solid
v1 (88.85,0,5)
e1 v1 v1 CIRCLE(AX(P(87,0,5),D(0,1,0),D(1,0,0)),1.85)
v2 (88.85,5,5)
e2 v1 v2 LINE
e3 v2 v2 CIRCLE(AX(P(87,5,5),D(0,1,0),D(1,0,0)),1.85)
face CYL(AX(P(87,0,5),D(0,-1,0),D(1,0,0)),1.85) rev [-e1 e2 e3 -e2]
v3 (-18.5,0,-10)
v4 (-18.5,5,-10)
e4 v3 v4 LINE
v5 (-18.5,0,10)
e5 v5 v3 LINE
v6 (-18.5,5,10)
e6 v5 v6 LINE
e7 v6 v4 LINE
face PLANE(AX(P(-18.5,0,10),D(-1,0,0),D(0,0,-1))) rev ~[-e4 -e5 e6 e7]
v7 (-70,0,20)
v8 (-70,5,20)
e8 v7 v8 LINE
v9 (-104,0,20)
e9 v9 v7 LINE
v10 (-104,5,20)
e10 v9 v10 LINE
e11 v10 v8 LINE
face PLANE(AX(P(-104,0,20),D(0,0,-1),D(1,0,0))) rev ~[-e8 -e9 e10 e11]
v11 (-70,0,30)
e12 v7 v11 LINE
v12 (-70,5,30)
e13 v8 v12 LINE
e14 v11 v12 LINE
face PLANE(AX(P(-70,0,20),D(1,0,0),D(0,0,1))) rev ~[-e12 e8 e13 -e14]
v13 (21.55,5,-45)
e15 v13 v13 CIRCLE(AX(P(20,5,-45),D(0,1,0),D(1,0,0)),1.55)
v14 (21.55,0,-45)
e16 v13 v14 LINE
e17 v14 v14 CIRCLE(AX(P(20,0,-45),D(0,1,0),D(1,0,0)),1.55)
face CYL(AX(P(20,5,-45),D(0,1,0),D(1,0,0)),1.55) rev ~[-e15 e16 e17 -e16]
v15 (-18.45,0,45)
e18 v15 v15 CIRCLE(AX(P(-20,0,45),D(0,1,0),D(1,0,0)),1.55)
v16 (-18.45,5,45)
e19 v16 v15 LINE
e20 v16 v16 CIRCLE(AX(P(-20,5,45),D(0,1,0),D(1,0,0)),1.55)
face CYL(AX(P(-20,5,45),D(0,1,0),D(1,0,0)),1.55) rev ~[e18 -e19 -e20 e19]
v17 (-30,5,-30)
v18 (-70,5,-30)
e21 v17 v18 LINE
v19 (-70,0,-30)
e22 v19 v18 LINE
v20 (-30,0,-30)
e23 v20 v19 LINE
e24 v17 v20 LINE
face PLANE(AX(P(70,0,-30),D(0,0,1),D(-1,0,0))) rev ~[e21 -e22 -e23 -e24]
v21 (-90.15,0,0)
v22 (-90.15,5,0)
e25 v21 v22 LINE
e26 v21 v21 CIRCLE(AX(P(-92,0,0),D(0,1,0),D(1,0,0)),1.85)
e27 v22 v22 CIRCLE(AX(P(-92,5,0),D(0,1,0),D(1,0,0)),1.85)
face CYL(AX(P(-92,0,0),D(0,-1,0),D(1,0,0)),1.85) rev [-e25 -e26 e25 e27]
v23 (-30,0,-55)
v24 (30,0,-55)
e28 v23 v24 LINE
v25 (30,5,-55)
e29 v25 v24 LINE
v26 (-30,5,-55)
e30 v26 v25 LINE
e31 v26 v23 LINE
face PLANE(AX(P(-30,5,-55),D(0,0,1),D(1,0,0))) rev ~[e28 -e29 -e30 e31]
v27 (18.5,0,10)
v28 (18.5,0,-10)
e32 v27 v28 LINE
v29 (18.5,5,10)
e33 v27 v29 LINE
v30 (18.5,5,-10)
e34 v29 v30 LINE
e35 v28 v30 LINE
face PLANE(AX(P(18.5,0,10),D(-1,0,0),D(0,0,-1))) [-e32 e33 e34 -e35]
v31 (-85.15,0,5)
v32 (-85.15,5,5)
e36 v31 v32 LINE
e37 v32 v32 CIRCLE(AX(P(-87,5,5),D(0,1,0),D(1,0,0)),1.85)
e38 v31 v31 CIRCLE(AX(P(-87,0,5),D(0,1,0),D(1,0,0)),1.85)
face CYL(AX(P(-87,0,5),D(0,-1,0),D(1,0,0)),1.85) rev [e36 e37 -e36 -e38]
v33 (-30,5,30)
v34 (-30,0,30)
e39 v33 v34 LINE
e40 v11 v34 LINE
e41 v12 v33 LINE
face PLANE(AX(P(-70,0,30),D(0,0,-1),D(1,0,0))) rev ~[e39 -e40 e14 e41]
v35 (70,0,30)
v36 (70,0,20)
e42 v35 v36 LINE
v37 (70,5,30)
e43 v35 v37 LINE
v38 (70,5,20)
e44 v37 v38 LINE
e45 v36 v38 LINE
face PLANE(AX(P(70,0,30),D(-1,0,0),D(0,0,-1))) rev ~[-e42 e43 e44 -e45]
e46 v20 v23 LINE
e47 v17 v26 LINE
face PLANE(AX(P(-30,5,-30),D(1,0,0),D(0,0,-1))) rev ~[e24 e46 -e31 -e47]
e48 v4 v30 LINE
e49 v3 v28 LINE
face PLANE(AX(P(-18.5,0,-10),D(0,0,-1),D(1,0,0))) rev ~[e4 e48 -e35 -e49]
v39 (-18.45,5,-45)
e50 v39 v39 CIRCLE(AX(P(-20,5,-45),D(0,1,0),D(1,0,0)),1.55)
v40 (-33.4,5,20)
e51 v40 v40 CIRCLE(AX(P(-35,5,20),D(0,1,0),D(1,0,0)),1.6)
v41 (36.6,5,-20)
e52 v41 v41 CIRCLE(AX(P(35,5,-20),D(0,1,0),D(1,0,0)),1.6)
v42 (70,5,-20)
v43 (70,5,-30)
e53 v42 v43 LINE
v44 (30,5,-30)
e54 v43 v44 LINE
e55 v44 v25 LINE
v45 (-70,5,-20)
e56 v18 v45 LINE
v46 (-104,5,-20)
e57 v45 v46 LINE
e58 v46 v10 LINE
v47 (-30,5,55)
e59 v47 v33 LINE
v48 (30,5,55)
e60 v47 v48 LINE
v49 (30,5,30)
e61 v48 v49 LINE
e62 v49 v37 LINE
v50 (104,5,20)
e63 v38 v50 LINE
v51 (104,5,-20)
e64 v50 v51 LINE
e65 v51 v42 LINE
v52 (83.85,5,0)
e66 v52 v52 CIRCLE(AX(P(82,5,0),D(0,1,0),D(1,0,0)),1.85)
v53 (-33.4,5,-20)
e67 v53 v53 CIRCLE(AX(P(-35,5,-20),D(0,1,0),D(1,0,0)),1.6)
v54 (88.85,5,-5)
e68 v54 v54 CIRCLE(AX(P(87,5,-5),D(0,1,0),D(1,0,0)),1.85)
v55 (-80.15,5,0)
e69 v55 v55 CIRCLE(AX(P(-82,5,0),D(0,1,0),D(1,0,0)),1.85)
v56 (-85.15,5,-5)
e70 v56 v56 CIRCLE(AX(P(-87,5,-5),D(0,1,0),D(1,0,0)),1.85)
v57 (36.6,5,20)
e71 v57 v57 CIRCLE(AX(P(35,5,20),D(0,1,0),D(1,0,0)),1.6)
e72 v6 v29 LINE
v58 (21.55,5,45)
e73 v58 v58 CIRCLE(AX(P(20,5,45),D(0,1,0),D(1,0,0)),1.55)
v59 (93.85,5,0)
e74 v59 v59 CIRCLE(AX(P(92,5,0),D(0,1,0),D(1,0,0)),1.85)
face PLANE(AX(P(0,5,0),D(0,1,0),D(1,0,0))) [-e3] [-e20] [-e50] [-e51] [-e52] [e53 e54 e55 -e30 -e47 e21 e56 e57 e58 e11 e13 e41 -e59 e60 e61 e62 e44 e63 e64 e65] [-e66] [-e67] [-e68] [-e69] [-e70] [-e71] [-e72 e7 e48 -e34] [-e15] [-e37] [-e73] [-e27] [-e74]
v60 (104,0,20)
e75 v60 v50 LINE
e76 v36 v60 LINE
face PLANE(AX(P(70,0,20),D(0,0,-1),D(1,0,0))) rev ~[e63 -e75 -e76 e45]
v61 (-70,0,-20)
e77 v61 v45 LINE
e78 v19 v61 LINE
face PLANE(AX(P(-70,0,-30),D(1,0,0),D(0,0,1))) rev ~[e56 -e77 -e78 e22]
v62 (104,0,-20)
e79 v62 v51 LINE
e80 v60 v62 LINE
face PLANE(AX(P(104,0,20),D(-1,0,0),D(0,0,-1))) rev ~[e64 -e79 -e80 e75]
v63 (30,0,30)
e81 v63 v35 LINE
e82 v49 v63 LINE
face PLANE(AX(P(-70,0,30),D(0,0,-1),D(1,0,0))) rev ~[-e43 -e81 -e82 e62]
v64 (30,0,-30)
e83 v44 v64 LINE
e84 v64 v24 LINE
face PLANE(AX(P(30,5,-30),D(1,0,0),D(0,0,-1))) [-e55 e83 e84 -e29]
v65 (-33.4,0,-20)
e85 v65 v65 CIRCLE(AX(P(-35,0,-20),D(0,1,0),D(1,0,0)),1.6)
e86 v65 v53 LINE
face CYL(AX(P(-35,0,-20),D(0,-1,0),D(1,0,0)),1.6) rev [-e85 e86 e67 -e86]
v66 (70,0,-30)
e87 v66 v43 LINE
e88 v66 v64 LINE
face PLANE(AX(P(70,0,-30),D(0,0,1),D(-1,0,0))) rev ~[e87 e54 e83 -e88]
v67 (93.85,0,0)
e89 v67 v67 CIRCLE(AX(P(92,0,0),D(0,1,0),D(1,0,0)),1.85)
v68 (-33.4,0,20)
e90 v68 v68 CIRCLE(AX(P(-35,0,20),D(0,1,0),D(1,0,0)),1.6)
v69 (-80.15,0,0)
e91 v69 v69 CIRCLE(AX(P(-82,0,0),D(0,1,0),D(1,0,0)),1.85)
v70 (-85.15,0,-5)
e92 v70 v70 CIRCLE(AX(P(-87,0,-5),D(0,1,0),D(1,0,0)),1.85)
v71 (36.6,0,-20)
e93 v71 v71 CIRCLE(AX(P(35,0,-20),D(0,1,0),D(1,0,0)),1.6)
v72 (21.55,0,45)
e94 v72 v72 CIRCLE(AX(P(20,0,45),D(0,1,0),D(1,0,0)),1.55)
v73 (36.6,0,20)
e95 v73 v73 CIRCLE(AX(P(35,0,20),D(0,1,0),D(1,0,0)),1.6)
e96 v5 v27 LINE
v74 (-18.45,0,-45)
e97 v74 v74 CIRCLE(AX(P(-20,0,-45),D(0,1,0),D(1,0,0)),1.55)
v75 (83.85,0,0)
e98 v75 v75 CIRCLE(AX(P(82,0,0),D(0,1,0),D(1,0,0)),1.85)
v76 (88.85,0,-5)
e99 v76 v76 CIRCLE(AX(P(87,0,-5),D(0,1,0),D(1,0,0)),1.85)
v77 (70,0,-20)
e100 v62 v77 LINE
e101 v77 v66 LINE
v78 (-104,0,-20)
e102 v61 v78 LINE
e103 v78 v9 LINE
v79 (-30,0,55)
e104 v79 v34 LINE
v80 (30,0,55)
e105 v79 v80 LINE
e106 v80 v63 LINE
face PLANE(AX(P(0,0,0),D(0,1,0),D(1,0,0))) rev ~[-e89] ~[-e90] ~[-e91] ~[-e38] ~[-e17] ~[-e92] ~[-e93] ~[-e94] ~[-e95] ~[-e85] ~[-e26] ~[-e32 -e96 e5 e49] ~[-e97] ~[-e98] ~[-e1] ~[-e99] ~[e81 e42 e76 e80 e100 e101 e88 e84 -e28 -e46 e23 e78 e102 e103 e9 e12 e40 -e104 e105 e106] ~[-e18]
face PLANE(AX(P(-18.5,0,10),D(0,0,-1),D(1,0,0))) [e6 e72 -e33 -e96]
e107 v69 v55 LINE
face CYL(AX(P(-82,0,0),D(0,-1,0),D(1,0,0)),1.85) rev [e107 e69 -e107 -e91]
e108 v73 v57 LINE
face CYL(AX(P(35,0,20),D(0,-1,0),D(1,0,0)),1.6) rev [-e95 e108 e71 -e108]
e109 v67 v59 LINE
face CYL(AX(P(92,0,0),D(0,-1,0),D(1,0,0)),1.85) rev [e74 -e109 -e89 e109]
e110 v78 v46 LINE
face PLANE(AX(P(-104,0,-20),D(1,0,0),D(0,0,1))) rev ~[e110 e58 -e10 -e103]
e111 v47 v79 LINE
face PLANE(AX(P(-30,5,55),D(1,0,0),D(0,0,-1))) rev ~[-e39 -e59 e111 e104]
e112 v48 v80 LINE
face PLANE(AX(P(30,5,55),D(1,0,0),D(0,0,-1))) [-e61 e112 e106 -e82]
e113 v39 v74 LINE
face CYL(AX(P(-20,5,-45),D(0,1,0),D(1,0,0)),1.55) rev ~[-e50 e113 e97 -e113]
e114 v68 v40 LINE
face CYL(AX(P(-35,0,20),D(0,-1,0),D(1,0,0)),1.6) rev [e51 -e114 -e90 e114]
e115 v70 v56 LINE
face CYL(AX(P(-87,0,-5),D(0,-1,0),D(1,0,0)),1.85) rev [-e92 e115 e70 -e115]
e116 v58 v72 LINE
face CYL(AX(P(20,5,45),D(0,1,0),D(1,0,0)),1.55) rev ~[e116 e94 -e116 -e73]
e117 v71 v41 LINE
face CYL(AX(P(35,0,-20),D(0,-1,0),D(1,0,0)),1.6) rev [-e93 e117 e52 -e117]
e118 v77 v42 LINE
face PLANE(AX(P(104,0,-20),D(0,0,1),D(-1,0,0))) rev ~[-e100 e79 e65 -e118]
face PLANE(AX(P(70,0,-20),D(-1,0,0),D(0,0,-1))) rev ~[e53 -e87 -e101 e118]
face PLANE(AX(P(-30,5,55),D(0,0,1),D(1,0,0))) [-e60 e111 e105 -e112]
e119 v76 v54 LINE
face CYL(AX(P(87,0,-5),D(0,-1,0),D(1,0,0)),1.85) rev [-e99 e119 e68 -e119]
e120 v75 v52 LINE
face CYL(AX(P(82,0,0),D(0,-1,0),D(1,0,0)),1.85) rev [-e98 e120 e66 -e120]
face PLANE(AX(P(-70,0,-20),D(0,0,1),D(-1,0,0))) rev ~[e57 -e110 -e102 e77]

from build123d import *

# Parameters (mm, degrees)
SKETCH1_W           = 37
SKETCH1_H           = 20
SKETCH1_R           = 1.6
SKETCH1_R_2         = 1.85
BOSS_EXTRUDE1_DEPTH = 5
SKETCH2_W           = 60
SKETCH2_H           = 25
SKETCH2_R           = 1.55
BOSS_EXTRUDE2_DEPTH = 5


with BuildPart() as part:
    # Sketch1 → Boss-Extrude1 (new body)
    with BuildSketch(Plane(origin=(0, 0, 0), x_dir=(1, 0, 0), z_dir=(0, 1, 0))):
        Polygon((-70, 30), (-70, 20), (-104, 20), (-104, -20), (-70, -20), (-70, -30), (70, -30), (70, -20), (104, -20), (104, 20), (70, 20), (70, 30), align=None)
        Rectangle(SKETCH1_W, SKETCH1_H, mode=Mode.SUBTRACT)
        with Locations((-35, -20)):
            Circle(SKETCH1_R, mode=Mode.SUBTRACT)
        with Locations((-35, 20)):
            Circle(SKETCH1_R, mode=Mode.SUBTRACT)
        with Locations((35, -20)):
            Circle(SKETCH1_R, mode=Mode.SUBTRACT)
        with Locations((35, 20)):
            Circle(SKETCH1_R, mode=Mode.SUBTRACT)
        with Locations((-87, 5)):
            Circle(SKETCH1_R_2, mode=Mode.SUBTRACT)
        with Locations((-87, -5)):
            Circle(SKETCH1_R_2, mode=Mode.SUBTRACT)
        with Locations((-92, 0)):
            Circle(SKETCH1_R_2, mode=Mode.SUBTRACT)
        with Locations((-82, 0)):
            Circle(SKETCH1_R_2, mode=Mode.SUBTRACT)
        with Locations((87, 5)):
            Circle(SKETCH1_R_2, mode=Mode.SUBTRACT)
        with Locations((87, -5)):
            Circle(SKETCH1_R_2, mode=Mode.SUBTRACT)
        with Locations((82, 0)):
            Circle(SKETCH1_R_2, mode=Mode.SUBTRACT)
        with Locations((92, 0)):
            Circle(SKETCH1_R_2, mode=Mode.SUBTRACT)
    extrude(amount=BOSS_EXTRUDE1_DEPTH)

    # Sketch2 → Boss-Extrude2 (add)
    with BuildSketch(Plane(origin=(0, 5, 0), x_dir=(1, 0, 0), z_dir=(0, 1, 0))):
        with Locations((0, 42.5)):
            Rectangle(SKETCH2_W, SKETCH2_H)
        with Locations((20, 45)):
            Circle(SKETCH2_R, mode=Mode.SUBTRACT)
        with Locations((-20, 45)):
            Circle(SKETCH2_R, mode=Mode.SUBTRACT)
        with Locations((0, -42.5)):
            Rectangle(SKETCH2_W, SKETCH2_H)
        with Locations((20, -45)):
            Circle(SKETCH2_R, mode=Mode.SUBTRACT)
        with Locations((-20, -45)):
            Circle(SKETCH2_R, mode=Mode.SUBTRACT)
    extrude(amount=-BOSS_EXTRUDE2_DEPTH)


solid = part.part
